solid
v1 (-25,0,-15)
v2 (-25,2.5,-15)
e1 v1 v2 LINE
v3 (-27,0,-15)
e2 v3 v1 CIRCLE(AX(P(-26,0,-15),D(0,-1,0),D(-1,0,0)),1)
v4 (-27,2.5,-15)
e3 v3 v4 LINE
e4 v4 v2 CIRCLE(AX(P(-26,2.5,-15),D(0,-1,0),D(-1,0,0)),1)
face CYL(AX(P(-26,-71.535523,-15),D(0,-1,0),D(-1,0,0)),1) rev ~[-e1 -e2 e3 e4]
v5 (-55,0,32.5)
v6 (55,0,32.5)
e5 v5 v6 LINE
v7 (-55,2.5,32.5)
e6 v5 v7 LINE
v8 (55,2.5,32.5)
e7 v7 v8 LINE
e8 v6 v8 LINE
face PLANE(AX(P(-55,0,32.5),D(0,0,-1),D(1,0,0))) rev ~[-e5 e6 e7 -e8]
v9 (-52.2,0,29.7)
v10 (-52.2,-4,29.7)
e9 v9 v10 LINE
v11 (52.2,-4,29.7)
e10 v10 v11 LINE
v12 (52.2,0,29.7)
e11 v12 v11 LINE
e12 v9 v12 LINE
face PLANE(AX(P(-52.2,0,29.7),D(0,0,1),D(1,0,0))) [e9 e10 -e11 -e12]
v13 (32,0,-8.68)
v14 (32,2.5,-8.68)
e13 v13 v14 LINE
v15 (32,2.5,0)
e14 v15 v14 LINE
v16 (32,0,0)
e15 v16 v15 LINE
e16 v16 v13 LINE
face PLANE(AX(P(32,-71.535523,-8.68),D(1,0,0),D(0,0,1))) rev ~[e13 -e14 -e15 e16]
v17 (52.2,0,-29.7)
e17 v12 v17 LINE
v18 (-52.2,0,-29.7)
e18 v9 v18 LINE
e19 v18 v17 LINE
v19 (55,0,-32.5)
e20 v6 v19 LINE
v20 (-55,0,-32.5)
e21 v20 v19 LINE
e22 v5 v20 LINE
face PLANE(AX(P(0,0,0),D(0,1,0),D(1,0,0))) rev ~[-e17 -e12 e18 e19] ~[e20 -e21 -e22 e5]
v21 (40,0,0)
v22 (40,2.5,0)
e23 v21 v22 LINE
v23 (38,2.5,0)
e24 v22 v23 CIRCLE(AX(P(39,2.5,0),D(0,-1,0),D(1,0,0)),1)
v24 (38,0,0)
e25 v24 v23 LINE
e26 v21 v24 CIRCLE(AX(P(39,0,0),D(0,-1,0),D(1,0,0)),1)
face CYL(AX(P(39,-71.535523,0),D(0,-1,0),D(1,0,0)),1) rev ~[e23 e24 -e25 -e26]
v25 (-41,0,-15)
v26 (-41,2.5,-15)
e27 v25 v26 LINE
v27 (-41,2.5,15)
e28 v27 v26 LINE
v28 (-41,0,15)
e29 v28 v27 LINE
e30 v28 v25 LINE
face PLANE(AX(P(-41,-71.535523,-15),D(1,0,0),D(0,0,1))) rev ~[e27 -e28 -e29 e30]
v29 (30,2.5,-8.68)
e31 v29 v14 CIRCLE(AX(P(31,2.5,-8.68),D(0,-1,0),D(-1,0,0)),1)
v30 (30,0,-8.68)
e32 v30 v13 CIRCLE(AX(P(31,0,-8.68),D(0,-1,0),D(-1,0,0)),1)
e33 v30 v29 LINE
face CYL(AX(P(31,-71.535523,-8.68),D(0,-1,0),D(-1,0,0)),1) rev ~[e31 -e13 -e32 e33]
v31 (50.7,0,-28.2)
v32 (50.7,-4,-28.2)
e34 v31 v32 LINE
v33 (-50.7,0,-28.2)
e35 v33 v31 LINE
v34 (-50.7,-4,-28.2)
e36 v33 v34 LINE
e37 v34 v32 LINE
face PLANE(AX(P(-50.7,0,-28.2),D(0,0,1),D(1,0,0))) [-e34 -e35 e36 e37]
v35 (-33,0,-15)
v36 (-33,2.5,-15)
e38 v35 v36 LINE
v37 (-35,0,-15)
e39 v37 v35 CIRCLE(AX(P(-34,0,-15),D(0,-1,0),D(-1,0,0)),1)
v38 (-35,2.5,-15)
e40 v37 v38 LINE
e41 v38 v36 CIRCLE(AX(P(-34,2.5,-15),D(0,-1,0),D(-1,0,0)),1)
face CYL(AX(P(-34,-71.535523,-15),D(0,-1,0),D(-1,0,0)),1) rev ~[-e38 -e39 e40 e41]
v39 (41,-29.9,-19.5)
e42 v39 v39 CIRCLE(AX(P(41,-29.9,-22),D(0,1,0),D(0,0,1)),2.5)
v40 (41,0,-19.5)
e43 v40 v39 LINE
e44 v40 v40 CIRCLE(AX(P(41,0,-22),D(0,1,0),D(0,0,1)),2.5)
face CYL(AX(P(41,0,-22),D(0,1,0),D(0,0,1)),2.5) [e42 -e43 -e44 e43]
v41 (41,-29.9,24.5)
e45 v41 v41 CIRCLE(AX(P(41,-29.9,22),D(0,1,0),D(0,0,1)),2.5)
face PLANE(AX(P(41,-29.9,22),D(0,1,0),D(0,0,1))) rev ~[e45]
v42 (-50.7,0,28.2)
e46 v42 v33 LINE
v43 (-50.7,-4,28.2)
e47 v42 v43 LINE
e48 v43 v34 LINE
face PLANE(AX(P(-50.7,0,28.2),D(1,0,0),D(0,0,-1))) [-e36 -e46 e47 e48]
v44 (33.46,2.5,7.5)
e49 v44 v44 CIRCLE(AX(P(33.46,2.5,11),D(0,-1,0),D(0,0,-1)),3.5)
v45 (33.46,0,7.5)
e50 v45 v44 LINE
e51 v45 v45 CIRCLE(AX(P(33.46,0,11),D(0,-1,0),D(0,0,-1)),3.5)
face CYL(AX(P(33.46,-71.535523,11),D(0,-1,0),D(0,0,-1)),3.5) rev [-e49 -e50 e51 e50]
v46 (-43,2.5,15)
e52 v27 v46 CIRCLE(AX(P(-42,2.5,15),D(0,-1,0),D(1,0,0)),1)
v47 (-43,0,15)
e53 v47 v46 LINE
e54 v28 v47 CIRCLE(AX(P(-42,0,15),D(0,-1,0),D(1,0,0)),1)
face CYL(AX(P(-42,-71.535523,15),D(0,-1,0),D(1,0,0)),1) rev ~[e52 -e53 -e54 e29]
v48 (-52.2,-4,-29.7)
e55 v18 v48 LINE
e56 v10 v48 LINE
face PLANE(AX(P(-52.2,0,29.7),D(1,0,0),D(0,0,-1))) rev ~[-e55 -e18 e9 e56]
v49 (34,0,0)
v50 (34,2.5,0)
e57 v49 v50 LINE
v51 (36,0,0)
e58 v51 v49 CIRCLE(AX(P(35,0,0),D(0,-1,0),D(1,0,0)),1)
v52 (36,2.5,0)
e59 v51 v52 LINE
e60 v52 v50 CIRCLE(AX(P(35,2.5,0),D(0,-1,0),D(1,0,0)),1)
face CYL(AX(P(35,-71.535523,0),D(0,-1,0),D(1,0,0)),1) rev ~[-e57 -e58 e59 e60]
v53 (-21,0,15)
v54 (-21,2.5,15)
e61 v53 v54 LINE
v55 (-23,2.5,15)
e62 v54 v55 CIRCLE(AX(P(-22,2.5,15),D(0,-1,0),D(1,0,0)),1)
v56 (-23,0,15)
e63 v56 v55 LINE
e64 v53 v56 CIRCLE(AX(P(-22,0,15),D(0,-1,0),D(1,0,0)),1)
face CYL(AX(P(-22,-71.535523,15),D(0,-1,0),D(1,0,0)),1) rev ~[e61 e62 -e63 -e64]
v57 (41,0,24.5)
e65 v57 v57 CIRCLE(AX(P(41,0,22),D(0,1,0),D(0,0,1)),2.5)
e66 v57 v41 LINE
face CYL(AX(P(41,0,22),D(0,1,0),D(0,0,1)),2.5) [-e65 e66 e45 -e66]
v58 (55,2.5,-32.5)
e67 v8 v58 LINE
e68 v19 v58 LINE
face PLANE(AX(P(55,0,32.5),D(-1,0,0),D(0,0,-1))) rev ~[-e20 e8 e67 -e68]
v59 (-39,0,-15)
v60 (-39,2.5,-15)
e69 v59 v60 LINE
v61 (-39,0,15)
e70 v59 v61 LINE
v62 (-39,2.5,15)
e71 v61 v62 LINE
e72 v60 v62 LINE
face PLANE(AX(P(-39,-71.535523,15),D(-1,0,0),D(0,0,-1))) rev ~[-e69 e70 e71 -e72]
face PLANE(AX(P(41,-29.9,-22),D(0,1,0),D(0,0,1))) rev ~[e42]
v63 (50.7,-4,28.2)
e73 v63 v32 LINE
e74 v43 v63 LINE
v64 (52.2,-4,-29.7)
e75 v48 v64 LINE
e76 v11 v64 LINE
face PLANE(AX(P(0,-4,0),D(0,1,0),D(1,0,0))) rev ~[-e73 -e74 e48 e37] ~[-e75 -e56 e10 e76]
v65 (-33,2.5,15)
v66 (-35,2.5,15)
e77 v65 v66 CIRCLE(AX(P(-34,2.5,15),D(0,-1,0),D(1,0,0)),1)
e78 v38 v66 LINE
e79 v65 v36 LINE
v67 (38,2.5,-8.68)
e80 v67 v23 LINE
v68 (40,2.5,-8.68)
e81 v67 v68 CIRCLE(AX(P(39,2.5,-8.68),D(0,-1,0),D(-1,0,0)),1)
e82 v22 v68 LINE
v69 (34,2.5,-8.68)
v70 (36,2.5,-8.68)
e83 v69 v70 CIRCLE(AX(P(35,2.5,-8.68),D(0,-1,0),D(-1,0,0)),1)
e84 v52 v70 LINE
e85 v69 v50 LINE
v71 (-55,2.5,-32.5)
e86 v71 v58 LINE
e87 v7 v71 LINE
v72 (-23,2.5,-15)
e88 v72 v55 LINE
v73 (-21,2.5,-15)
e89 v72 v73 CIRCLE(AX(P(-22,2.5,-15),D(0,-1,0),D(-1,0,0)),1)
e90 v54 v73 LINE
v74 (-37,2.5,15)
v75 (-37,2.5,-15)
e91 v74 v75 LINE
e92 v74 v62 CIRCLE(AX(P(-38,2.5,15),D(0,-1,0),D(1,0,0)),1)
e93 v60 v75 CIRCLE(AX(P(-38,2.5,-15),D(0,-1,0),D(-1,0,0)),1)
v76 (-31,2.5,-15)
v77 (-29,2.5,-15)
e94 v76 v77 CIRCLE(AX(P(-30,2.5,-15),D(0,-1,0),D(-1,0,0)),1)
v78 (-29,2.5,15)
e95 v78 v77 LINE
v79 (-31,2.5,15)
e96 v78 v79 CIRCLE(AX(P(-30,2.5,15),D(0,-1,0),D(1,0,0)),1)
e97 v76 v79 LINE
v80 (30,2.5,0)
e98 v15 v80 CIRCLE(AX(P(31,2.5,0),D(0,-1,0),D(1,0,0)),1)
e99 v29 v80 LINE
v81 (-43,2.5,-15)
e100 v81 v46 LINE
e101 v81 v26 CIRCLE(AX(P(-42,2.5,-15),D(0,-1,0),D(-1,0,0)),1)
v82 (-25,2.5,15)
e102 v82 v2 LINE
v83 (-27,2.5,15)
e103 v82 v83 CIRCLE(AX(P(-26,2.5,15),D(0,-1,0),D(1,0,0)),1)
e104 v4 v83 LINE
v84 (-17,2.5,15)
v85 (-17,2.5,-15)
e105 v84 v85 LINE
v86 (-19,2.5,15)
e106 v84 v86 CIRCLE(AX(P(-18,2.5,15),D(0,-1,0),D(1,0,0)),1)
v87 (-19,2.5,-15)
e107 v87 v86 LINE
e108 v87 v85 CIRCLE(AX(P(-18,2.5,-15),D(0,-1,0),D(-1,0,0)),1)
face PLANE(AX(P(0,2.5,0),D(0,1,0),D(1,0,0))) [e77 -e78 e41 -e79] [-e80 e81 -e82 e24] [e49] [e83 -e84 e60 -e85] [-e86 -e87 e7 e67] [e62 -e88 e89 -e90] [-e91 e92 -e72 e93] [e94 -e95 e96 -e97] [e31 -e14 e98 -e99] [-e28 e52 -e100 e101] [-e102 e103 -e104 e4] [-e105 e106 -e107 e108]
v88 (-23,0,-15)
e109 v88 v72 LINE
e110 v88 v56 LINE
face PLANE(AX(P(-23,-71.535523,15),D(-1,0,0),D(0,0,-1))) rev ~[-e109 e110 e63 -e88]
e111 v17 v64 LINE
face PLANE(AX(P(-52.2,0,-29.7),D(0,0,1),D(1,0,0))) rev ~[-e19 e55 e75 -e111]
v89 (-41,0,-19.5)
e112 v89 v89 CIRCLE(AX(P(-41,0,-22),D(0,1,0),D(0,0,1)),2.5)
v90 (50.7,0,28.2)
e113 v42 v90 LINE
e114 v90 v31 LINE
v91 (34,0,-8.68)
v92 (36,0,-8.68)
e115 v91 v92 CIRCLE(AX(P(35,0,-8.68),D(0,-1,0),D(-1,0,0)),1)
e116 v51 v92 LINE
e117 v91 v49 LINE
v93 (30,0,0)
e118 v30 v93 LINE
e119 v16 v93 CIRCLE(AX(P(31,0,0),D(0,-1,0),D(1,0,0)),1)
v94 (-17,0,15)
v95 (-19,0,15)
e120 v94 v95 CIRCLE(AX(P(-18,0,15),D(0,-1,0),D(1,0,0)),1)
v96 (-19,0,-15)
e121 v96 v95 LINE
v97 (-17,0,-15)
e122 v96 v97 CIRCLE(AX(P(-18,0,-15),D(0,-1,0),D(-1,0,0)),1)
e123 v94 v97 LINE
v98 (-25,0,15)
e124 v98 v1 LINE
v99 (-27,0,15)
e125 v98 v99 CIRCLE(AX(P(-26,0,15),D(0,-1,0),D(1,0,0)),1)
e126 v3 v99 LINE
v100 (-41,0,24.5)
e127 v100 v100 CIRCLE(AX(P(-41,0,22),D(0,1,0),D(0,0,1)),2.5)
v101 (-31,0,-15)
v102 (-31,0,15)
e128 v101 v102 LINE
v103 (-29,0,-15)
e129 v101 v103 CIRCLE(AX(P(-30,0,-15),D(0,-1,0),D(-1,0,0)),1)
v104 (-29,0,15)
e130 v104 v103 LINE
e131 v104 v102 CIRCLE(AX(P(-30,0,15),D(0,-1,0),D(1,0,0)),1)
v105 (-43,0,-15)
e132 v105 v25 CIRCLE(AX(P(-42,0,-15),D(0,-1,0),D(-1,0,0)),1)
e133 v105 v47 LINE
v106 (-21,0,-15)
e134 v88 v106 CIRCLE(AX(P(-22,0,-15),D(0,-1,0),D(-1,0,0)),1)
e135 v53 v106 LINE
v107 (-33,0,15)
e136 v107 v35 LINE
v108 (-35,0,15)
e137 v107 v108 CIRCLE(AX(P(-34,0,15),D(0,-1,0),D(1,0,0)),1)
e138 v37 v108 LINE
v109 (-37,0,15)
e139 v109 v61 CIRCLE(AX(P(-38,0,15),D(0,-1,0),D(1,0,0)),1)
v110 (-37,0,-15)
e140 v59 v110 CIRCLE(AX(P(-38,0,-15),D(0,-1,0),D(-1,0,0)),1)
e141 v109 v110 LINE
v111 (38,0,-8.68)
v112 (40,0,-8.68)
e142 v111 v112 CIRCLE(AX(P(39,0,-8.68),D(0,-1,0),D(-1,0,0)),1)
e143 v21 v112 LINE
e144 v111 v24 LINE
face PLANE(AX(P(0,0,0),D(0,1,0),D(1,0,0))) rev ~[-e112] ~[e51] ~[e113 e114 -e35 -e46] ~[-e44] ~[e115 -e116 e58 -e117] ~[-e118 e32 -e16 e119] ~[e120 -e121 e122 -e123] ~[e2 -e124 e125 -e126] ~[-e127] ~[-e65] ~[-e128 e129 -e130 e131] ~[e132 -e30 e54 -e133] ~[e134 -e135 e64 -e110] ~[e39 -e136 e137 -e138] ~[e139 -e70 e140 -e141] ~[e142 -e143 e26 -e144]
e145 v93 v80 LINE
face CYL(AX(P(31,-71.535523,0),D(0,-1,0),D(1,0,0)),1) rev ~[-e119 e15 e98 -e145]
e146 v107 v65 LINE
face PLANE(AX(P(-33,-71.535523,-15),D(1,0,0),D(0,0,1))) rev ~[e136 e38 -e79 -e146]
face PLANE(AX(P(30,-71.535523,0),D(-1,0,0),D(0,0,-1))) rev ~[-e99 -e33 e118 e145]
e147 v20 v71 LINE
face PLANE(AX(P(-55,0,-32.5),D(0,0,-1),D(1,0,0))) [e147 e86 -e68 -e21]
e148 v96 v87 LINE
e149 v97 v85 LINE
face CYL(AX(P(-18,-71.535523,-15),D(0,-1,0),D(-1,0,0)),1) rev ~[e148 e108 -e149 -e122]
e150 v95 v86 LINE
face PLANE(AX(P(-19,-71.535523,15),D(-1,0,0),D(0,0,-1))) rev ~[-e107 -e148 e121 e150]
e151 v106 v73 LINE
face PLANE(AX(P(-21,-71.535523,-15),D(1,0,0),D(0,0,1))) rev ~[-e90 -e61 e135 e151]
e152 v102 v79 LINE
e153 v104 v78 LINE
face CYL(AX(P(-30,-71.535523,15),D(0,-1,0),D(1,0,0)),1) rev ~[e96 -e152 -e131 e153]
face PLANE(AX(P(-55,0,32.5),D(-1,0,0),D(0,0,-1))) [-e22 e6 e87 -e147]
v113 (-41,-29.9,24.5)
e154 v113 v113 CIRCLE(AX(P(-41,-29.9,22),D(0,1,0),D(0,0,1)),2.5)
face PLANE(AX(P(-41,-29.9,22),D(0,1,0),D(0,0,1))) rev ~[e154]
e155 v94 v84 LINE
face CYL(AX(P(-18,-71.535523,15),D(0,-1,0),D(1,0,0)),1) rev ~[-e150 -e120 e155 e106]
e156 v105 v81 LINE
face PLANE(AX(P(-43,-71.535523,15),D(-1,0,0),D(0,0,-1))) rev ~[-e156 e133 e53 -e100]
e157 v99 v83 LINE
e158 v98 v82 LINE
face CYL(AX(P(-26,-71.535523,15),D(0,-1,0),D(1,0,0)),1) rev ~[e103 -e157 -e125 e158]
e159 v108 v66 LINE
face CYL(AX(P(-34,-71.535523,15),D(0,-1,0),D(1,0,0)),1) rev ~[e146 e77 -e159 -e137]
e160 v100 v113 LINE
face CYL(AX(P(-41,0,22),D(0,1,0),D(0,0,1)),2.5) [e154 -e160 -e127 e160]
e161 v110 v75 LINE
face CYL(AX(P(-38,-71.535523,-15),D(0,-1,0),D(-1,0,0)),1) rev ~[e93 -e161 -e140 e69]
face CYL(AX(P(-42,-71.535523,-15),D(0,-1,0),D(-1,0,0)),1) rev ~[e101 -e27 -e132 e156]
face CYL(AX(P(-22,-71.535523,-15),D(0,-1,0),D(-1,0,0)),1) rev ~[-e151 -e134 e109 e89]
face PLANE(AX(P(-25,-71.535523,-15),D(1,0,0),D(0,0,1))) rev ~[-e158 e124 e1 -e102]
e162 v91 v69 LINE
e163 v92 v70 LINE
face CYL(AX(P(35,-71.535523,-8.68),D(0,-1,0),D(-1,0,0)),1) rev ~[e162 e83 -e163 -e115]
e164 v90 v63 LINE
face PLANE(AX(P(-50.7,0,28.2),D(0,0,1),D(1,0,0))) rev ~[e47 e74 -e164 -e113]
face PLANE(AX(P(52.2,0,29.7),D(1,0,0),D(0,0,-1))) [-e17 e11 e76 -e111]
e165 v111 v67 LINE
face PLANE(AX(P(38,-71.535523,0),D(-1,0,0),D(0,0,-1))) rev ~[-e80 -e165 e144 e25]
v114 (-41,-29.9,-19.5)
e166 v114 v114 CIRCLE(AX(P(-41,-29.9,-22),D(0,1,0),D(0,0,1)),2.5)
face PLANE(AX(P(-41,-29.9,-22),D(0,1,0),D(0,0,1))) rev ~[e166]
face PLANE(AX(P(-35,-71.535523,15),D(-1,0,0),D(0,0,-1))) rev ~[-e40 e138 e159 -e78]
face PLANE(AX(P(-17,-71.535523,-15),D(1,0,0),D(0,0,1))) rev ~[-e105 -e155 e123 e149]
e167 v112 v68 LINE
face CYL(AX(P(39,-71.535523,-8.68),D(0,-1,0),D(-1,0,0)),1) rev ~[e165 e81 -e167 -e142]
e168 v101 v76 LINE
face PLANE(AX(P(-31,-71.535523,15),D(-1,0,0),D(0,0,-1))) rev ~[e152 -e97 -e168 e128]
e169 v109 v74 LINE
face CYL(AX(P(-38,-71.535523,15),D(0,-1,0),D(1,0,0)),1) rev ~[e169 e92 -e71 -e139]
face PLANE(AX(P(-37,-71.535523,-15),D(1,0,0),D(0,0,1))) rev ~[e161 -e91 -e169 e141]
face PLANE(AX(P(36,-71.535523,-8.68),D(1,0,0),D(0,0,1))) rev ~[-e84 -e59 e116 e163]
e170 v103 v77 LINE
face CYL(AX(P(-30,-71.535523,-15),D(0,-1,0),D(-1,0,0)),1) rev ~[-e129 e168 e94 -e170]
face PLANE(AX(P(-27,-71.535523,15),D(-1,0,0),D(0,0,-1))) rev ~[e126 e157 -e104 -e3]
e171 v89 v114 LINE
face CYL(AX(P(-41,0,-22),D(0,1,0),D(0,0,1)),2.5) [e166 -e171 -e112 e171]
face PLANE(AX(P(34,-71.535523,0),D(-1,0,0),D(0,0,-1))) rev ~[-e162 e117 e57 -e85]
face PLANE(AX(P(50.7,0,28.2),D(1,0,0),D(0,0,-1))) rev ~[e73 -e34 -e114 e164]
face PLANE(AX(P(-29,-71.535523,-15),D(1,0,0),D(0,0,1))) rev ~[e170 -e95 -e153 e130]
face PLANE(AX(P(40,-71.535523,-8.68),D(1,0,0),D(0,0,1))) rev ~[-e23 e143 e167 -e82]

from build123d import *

# Parameters (mm, degrees)
CROQUIS_TAPA_W                    = 110
CROQUIS_TAPA_H                    = 65
TAPA_DEPTH                        = 2.5
CROQUIS_PESTANA_W                 = 104.4
CROQUIS_PESTANA_H                 = 59.4
PESTANA_DEPTH                     = 4
CROQUIS_PESTANA_HUECO_W           = 101.4
CROQUIS_PESTANA_HUECO_H           = 56.4
PESTANA_HUECO_DEPTH               = 4
CROQUIS_POSTES_R                  = 2.5
POSTES_PCB_DEPTH                  = 29.9
VENTANA_LDR_Y_VENTILAS_DEPTH      = 71.535522965
VENTANA_LDR_Y_VENTILAS_DEPTH_BACK = 71.535522965
CROQUIS_VENTANA_Y_VENTILAS_R      = 3.5


with BuildPart() as part:
    # Croquis_tapa → Tapa (new body)
    with BuildSketch(Plane(origin=(0, 0, 0), x_dir=(1, 0, 0), z_dir=(0, 1, 0))):
        Rectangle(CROQUIS_TAPA_W, CROQUIS_TAPA_H)
    extrude(amount=TAPA_DEPTH)

    # Croquis_pestana → Pestana (add)
    with BuildSketch(Plane(origin=(0, 0, 0), x_dir=(1, 0, 0), z_dir=(0, 1, 0))):
        Rectangle(CROQUIS_PESTANA_W, CROQUIS_PESTANA_H)
    extrude(amount=-PESTANA_DEPTH)

    # Croquis_pestana_hueco → Pestana_hueco (cut)
    with BuildSketch(Plane(origin=(0, 0, 0), x_dir=(1, 0, 0), z_dir=(0, 1, 0))):
        Rectangle(CROQUIS_PESTANA_HUECO_W, CROQUIS_PESTANA_HUECO_H)
    extrude(amount=-PESTANA_HUECO_DEPTH, mode=Mode.SUBTRACT)

    # Croquis_postes → Postes_PCB (add)
    with BuildSketch(Plane(origin=(0, 0, 0), x_dir=(1, 0, 0), z_dir=(0, 1, 0))):
        with Locations(Location((-41, 22, 0), (0, 0, 270))):
            Circle(CROQUIS_POSTES_R)
        with Locations(Location((-41, -22, 0), (0, 0, 270))):
            Circle(CROQUIS_POSTES_R)
        with Locations(Location((41, 22, 0), (0, 0, 270))):
            Circle(CROQUIS_POSTES_R)
        with Locations(Location((41, -22, 0), (0, 0, 270))):
            Circle(CROQUIS_POSTES_R)
    extrude(amount=-POSTES_PCB_DEPTH)

    # Croquis_ventana_y_ventilas → Ventana_LDR_y_ventilas (cut, two sides: drawn at the far end of the back side and taken through both)
    with BuildSketch(Plane(origin=(0, 0, 0), x_dir=(1, 0, 0), z_dir=(0, 1, 0)).offset(-VENTANA_LDR_Y_VENTILAS_DEPTH_BACK)):
        with Locations(Location((33.46, -11, 0), (0, 0, 90))):
            Circle(CROQUIS_VENTANA_Y_VENTILAS_R)
        with BuildLine():
            Line((30, 0), (30, 8.68))
            ThreePointArc((30, 8.68), (31, 9.68), (32, 8.68))
            Line((32, 8.68), (32, 0))
            ThreePointArc((32, 0), (31, -1), (30, 0))
        make_face()
        with BuildLine():
            Line((34, 0), (34, 8.68))
            ThreePointArc((34, 8.68), (35, 9.68), (36, 8.68))
            Line((36, 8.68), (36, 0))
            ThreePointArc((36, 0), (35, -1), (34, 0))
        make_face()
        with BuildLine():
            Line((38, 0), (38, 8.68))
            ThreePointArc((38, 8.68), (39, 9.68), (40, 8.68))
            Line((40, 8.68), (40, 0))
            ThreePointArc((40, 0), (39, -1), (38, 0))
        make_face()
        with BuildLine():
            Line((-19, -15), (-19, 15))
            ThreePointArc((-19, 15), (-18, 16), (-17, 15))
            Line((-17, 15), (-17, -15))
            ThreePointArc((-17, -15), (-18, -16), (-19, -15))
        make_face()
        with BuildLine():
            Line((-23, -15), (-23, 15))
            ThreePointArc((-23, 15), (-22, 16), (-21, 15))
            Line((-21, 15), (-21, -15))
            ThreePointArc((-21, -15), (-22, -16), (-23, -15))
        make_face()
        with BuildLine():
            Line((-27, -15), (-27, 15))
            ThreePointArc((-27, 15), (-26, 16), (-25, 15))
            Line((-25, 15), (-25, -15))
            ThreePointArc((-25, -15), (-26, -16), (-27, -15))
        make_face()
        with BuildLine():
            Line((-31, -15), (-31, 15))
            ThreePointArc((-31, 15), (-30, 16), (-29, 15))
            Line((-29, 15), (-29, -15))
            ThreePointArc((-29, -15), (-30, -16), (-31, -15))
        make_face()
        with BuildLine():
            Line((-35, -15), (-35, 15))
            ThreePointArc((-35, 15), (-34, 16), (-33, 15))
            Line((-33, 15), (-33, -15))
            ThreePointArc((-33, -15), (-34, -16), (-35, -15))
        make_face()
        with BuildLine():
            Line((-39, -15), (-39, 15))
            ThreePointArc((-39, 15), (-38, 16), (-37, 15))
            Line((-37, 15), (-37, -15))
            ThreePointArc((-37, -15), (-38, -16), (-39, -15))
        make_face()
        with BuildLine():
            Line((-43, -15), (-43, 15))
            ThreePointArc((-43, 15), (-42, 16), (-41, 15))
            Line((-41, 15), (-41, -15))
            ThreePointArc((-41, -15), (-42, -16), (-43, -15))
        make_face()
    extrude(amount=VENTANA_LDR_Y_VENTILAS_DEPTH + VENTANA_LDR_Y_VENTILAS_DEPTH_BACK, mode=Mode.SUBTRACT)


solid = part.part
